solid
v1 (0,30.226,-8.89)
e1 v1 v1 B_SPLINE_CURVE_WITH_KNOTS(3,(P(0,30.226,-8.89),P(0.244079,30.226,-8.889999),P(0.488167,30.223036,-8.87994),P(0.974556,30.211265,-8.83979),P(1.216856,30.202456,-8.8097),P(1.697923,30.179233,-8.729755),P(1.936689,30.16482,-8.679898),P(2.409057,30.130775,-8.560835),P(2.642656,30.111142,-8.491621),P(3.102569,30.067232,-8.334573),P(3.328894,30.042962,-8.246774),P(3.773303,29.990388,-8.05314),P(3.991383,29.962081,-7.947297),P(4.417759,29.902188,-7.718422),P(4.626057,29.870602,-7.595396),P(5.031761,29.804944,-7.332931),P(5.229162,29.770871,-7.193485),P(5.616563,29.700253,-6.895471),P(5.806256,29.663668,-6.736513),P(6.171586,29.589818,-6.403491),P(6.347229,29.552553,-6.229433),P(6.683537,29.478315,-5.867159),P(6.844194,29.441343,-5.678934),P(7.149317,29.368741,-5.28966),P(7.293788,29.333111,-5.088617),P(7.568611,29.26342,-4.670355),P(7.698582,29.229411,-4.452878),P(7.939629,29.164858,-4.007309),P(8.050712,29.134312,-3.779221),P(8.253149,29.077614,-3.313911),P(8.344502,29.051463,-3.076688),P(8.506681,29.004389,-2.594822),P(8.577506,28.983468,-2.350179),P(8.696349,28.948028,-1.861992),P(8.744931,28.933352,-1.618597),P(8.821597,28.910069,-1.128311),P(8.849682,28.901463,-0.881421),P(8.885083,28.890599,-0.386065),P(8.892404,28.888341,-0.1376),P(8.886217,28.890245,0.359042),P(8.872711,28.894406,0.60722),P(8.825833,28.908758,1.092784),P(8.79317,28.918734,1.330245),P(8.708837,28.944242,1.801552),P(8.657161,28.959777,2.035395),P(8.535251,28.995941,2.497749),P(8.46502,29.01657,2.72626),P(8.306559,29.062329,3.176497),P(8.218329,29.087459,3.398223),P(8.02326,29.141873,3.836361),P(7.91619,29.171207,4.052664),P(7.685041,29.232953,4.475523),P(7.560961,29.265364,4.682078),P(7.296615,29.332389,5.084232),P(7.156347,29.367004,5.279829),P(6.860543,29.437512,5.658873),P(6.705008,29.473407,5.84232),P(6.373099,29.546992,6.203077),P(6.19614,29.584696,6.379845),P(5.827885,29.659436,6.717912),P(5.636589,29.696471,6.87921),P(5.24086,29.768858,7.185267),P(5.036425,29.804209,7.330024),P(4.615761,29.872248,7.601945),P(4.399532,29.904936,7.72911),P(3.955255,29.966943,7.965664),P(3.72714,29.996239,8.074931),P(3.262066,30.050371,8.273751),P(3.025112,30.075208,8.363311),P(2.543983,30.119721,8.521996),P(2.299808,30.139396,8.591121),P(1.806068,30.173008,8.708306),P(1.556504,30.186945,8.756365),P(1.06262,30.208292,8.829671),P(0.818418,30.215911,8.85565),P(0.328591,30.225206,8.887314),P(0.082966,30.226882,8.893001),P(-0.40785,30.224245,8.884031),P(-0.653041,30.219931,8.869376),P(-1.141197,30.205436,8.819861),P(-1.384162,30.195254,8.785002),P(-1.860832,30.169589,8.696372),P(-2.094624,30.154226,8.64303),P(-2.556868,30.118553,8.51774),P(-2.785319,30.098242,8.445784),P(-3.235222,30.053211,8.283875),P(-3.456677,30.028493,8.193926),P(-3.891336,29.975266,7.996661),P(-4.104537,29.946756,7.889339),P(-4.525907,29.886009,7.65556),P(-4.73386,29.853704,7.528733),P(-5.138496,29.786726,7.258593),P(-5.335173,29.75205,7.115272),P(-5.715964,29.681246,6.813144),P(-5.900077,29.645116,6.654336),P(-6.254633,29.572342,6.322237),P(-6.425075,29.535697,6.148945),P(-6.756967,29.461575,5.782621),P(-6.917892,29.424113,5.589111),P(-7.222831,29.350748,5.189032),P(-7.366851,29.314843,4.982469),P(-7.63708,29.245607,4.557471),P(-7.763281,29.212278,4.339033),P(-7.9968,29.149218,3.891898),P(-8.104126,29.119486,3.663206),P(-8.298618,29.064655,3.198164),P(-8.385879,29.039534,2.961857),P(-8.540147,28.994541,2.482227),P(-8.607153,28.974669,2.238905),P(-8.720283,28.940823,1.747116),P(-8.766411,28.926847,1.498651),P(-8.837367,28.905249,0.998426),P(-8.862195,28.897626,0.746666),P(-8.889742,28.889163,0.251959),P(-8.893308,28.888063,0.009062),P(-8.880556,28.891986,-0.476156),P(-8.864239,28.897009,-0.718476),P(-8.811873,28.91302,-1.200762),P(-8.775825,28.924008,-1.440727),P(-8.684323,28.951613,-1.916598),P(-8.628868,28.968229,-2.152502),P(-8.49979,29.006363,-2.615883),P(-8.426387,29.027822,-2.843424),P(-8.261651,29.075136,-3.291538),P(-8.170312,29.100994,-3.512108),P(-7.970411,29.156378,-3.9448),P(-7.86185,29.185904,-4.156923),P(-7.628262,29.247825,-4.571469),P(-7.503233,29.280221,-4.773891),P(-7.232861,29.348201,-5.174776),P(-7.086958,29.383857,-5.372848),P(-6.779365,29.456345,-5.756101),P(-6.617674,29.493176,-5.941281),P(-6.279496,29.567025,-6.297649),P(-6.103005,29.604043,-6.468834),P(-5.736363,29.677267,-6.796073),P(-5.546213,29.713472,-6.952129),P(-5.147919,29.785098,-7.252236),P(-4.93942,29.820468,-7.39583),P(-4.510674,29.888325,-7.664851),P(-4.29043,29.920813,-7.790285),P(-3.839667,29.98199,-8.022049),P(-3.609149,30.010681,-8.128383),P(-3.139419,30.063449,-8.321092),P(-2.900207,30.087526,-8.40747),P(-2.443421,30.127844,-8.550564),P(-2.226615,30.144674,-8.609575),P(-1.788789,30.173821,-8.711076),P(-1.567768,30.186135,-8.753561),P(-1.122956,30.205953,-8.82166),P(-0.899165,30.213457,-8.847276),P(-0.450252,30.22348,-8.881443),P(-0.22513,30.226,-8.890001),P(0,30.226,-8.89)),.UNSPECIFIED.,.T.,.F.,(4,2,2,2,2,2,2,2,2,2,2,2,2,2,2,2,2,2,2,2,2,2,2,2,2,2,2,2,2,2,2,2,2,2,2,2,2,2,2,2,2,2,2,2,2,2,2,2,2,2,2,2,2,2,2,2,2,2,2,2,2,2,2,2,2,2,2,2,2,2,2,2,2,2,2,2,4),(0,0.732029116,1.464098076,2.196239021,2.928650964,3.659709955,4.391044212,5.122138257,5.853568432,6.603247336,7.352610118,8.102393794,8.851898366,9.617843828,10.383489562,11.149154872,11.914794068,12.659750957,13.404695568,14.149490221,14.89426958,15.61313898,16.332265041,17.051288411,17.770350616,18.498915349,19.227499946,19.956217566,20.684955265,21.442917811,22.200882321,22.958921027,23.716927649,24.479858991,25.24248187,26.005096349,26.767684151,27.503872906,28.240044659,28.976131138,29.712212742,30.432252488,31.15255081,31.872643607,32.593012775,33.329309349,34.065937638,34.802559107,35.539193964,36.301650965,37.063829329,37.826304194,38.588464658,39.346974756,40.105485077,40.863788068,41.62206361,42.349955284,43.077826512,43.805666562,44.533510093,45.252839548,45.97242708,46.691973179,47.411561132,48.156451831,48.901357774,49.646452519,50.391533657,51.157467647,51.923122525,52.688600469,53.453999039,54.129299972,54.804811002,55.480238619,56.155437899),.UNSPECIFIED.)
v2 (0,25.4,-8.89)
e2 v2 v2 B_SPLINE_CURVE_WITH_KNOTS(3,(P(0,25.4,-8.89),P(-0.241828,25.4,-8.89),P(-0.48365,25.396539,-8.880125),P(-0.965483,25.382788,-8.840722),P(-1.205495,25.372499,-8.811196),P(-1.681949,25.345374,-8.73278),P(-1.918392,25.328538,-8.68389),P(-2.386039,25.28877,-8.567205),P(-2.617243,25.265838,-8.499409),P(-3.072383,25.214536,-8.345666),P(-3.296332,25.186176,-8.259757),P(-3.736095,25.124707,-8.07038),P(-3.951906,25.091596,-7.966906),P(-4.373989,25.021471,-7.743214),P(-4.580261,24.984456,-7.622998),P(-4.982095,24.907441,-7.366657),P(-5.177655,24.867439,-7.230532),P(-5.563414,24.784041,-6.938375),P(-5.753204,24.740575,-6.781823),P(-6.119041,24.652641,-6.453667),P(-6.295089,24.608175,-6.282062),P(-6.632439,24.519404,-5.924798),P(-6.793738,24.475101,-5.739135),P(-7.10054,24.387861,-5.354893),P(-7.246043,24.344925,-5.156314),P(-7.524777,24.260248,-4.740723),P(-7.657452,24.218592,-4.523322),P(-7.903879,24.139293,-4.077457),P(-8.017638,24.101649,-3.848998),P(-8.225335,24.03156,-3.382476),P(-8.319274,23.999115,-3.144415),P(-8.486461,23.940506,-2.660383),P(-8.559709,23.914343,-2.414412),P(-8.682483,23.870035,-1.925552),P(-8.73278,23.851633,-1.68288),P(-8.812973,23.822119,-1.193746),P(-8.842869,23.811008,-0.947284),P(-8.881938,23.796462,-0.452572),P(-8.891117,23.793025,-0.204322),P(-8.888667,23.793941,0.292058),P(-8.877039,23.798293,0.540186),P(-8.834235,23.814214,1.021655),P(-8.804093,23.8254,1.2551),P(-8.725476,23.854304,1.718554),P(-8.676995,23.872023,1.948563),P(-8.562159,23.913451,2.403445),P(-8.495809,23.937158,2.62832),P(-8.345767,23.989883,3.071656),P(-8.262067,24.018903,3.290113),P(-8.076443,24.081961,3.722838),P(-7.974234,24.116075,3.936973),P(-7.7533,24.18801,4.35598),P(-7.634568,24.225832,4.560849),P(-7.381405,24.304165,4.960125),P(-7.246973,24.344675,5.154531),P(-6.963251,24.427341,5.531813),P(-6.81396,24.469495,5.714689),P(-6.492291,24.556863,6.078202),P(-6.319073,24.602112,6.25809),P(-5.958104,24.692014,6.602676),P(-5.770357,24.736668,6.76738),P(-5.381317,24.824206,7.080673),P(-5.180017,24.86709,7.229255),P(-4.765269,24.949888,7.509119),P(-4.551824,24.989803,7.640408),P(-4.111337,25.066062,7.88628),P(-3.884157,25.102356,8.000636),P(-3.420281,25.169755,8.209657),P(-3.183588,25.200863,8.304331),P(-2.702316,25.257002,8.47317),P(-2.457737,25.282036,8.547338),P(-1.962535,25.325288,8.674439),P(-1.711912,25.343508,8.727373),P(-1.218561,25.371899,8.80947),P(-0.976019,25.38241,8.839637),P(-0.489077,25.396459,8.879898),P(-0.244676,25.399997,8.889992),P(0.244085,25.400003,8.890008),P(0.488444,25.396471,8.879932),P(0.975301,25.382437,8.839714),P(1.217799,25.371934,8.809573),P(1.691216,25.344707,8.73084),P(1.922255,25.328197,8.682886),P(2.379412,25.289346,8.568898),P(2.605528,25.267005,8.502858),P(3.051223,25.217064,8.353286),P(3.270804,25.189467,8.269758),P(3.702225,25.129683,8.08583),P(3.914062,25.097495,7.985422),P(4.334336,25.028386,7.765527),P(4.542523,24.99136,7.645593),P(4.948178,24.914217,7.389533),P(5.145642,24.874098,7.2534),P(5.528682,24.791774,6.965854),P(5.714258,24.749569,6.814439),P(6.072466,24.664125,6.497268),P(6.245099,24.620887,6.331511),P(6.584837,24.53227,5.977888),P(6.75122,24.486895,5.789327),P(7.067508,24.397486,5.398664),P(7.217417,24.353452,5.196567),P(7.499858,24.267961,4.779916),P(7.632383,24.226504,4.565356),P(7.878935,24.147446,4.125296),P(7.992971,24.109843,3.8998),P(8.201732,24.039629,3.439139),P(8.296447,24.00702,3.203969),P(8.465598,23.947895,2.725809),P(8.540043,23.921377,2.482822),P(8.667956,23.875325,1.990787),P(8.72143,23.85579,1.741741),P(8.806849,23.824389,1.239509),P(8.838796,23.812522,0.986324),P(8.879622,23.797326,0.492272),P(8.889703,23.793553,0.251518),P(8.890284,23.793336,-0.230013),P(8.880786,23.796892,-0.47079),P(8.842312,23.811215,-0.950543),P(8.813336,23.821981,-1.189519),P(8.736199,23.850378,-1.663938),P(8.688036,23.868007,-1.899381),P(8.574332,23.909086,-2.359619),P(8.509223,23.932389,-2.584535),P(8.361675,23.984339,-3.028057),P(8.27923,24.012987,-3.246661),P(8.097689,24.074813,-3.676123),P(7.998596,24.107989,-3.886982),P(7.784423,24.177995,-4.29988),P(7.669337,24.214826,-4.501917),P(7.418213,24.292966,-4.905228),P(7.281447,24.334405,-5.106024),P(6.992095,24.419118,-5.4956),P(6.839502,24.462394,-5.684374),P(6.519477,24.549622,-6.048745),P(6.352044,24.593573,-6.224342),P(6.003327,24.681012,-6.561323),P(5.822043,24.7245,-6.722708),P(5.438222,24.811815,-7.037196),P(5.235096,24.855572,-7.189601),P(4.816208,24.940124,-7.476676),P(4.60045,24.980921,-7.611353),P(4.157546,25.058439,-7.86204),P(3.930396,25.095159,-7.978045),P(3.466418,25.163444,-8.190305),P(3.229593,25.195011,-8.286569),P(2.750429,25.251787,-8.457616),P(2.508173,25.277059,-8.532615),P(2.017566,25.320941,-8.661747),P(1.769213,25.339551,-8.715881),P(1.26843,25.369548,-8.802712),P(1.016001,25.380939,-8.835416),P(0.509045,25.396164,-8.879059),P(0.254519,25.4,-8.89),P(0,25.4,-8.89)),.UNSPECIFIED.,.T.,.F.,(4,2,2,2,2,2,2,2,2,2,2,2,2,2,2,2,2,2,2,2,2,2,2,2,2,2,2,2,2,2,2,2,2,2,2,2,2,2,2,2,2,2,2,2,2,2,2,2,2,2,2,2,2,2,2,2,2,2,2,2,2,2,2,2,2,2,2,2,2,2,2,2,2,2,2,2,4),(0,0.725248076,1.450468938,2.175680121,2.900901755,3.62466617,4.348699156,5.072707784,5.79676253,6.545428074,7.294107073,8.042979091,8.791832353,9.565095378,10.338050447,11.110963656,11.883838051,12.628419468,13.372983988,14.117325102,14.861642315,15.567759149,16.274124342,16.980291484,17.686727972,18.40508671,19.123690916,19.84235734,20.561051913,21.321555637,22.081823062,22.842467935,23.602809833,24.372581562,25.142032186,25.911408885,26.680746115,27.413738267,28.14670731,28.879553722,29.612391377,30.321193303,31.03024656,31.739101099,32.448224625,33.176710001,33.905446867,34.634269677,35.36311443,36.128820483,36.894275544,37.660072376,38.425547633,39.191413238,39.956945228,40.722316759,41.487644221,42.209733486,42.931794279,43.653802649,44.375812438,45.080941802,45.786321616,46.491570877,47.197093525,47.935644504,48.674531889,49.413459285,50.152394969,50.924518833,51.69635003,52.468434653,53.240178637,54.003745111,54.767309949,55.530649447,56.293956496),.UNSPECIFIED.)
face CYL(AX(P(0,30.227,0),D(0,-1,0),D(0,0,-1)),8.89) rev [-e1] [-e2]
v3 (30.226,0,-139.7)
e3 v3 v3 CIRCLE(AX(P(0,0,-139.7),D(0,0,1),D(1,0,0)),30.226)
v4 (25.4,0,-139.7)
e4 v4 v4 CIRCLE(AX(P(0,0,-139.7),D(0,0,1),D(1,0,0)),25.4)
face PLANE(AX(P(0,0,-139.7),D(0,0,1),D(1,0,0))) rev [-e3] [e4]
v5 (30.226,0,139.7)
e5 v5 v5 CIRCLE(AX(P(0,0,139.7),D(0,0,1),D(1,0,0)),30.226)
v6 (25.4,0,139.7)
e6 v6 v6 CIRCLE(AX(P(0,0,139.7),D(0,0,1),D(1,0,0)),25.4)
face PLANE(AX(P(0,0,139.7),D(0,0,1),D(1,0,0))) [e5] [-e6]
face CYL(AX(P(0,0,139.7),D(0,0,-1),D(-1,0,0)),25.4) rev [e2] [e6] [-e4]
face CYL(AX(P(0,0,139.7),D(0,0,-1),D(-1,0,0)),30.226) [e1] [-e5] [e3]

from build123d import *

# Parameters (mm, degrees)
SKETCH1_R           = 30.226
SKETCH1_R_2         = 25.4
BOSS_EXTRUDE1_DEPTH = 139.7
CUT_EXTRUDE1_REACH  = 32.226
SKETCH2_R           = 8.89


with BuildPart() as part:
    # Sketch1 → Boss-Extrude1 (new body, symmetric)
    with BuildSketch(Plane.XY):
        Circle(SKETCH1_R)
        Circle(SKETCH1_R_2, mode=Mode.SUBTRACT)
    extrude(amount=BOSS_EXTRUDE1_DEPTH, both=True)

    # Sketch2 → Cut-Extrude1 (cut, up to next)
    with BuildSketch(Plane(origin=(0, 0, 0), x_dir=(1, 0, 0), z_dir=(0, 1, 0)), mode=Mode.PRIVATE) as cut_extrude1_sk1:
        Circle(SKETCH2_R)
    cut_extrude1_tool1 = extrude(cut_extrude1_sk1.sketch, amount=CUT_EXTRUDE1_REACH, mode=Mode.PRIVATE) & part.part
    add(cut_extrude1_tool1.solids().sort_by_distance((0, 0, 0))[0], mode=Mode.SUBTRACT)


solid = part.part
